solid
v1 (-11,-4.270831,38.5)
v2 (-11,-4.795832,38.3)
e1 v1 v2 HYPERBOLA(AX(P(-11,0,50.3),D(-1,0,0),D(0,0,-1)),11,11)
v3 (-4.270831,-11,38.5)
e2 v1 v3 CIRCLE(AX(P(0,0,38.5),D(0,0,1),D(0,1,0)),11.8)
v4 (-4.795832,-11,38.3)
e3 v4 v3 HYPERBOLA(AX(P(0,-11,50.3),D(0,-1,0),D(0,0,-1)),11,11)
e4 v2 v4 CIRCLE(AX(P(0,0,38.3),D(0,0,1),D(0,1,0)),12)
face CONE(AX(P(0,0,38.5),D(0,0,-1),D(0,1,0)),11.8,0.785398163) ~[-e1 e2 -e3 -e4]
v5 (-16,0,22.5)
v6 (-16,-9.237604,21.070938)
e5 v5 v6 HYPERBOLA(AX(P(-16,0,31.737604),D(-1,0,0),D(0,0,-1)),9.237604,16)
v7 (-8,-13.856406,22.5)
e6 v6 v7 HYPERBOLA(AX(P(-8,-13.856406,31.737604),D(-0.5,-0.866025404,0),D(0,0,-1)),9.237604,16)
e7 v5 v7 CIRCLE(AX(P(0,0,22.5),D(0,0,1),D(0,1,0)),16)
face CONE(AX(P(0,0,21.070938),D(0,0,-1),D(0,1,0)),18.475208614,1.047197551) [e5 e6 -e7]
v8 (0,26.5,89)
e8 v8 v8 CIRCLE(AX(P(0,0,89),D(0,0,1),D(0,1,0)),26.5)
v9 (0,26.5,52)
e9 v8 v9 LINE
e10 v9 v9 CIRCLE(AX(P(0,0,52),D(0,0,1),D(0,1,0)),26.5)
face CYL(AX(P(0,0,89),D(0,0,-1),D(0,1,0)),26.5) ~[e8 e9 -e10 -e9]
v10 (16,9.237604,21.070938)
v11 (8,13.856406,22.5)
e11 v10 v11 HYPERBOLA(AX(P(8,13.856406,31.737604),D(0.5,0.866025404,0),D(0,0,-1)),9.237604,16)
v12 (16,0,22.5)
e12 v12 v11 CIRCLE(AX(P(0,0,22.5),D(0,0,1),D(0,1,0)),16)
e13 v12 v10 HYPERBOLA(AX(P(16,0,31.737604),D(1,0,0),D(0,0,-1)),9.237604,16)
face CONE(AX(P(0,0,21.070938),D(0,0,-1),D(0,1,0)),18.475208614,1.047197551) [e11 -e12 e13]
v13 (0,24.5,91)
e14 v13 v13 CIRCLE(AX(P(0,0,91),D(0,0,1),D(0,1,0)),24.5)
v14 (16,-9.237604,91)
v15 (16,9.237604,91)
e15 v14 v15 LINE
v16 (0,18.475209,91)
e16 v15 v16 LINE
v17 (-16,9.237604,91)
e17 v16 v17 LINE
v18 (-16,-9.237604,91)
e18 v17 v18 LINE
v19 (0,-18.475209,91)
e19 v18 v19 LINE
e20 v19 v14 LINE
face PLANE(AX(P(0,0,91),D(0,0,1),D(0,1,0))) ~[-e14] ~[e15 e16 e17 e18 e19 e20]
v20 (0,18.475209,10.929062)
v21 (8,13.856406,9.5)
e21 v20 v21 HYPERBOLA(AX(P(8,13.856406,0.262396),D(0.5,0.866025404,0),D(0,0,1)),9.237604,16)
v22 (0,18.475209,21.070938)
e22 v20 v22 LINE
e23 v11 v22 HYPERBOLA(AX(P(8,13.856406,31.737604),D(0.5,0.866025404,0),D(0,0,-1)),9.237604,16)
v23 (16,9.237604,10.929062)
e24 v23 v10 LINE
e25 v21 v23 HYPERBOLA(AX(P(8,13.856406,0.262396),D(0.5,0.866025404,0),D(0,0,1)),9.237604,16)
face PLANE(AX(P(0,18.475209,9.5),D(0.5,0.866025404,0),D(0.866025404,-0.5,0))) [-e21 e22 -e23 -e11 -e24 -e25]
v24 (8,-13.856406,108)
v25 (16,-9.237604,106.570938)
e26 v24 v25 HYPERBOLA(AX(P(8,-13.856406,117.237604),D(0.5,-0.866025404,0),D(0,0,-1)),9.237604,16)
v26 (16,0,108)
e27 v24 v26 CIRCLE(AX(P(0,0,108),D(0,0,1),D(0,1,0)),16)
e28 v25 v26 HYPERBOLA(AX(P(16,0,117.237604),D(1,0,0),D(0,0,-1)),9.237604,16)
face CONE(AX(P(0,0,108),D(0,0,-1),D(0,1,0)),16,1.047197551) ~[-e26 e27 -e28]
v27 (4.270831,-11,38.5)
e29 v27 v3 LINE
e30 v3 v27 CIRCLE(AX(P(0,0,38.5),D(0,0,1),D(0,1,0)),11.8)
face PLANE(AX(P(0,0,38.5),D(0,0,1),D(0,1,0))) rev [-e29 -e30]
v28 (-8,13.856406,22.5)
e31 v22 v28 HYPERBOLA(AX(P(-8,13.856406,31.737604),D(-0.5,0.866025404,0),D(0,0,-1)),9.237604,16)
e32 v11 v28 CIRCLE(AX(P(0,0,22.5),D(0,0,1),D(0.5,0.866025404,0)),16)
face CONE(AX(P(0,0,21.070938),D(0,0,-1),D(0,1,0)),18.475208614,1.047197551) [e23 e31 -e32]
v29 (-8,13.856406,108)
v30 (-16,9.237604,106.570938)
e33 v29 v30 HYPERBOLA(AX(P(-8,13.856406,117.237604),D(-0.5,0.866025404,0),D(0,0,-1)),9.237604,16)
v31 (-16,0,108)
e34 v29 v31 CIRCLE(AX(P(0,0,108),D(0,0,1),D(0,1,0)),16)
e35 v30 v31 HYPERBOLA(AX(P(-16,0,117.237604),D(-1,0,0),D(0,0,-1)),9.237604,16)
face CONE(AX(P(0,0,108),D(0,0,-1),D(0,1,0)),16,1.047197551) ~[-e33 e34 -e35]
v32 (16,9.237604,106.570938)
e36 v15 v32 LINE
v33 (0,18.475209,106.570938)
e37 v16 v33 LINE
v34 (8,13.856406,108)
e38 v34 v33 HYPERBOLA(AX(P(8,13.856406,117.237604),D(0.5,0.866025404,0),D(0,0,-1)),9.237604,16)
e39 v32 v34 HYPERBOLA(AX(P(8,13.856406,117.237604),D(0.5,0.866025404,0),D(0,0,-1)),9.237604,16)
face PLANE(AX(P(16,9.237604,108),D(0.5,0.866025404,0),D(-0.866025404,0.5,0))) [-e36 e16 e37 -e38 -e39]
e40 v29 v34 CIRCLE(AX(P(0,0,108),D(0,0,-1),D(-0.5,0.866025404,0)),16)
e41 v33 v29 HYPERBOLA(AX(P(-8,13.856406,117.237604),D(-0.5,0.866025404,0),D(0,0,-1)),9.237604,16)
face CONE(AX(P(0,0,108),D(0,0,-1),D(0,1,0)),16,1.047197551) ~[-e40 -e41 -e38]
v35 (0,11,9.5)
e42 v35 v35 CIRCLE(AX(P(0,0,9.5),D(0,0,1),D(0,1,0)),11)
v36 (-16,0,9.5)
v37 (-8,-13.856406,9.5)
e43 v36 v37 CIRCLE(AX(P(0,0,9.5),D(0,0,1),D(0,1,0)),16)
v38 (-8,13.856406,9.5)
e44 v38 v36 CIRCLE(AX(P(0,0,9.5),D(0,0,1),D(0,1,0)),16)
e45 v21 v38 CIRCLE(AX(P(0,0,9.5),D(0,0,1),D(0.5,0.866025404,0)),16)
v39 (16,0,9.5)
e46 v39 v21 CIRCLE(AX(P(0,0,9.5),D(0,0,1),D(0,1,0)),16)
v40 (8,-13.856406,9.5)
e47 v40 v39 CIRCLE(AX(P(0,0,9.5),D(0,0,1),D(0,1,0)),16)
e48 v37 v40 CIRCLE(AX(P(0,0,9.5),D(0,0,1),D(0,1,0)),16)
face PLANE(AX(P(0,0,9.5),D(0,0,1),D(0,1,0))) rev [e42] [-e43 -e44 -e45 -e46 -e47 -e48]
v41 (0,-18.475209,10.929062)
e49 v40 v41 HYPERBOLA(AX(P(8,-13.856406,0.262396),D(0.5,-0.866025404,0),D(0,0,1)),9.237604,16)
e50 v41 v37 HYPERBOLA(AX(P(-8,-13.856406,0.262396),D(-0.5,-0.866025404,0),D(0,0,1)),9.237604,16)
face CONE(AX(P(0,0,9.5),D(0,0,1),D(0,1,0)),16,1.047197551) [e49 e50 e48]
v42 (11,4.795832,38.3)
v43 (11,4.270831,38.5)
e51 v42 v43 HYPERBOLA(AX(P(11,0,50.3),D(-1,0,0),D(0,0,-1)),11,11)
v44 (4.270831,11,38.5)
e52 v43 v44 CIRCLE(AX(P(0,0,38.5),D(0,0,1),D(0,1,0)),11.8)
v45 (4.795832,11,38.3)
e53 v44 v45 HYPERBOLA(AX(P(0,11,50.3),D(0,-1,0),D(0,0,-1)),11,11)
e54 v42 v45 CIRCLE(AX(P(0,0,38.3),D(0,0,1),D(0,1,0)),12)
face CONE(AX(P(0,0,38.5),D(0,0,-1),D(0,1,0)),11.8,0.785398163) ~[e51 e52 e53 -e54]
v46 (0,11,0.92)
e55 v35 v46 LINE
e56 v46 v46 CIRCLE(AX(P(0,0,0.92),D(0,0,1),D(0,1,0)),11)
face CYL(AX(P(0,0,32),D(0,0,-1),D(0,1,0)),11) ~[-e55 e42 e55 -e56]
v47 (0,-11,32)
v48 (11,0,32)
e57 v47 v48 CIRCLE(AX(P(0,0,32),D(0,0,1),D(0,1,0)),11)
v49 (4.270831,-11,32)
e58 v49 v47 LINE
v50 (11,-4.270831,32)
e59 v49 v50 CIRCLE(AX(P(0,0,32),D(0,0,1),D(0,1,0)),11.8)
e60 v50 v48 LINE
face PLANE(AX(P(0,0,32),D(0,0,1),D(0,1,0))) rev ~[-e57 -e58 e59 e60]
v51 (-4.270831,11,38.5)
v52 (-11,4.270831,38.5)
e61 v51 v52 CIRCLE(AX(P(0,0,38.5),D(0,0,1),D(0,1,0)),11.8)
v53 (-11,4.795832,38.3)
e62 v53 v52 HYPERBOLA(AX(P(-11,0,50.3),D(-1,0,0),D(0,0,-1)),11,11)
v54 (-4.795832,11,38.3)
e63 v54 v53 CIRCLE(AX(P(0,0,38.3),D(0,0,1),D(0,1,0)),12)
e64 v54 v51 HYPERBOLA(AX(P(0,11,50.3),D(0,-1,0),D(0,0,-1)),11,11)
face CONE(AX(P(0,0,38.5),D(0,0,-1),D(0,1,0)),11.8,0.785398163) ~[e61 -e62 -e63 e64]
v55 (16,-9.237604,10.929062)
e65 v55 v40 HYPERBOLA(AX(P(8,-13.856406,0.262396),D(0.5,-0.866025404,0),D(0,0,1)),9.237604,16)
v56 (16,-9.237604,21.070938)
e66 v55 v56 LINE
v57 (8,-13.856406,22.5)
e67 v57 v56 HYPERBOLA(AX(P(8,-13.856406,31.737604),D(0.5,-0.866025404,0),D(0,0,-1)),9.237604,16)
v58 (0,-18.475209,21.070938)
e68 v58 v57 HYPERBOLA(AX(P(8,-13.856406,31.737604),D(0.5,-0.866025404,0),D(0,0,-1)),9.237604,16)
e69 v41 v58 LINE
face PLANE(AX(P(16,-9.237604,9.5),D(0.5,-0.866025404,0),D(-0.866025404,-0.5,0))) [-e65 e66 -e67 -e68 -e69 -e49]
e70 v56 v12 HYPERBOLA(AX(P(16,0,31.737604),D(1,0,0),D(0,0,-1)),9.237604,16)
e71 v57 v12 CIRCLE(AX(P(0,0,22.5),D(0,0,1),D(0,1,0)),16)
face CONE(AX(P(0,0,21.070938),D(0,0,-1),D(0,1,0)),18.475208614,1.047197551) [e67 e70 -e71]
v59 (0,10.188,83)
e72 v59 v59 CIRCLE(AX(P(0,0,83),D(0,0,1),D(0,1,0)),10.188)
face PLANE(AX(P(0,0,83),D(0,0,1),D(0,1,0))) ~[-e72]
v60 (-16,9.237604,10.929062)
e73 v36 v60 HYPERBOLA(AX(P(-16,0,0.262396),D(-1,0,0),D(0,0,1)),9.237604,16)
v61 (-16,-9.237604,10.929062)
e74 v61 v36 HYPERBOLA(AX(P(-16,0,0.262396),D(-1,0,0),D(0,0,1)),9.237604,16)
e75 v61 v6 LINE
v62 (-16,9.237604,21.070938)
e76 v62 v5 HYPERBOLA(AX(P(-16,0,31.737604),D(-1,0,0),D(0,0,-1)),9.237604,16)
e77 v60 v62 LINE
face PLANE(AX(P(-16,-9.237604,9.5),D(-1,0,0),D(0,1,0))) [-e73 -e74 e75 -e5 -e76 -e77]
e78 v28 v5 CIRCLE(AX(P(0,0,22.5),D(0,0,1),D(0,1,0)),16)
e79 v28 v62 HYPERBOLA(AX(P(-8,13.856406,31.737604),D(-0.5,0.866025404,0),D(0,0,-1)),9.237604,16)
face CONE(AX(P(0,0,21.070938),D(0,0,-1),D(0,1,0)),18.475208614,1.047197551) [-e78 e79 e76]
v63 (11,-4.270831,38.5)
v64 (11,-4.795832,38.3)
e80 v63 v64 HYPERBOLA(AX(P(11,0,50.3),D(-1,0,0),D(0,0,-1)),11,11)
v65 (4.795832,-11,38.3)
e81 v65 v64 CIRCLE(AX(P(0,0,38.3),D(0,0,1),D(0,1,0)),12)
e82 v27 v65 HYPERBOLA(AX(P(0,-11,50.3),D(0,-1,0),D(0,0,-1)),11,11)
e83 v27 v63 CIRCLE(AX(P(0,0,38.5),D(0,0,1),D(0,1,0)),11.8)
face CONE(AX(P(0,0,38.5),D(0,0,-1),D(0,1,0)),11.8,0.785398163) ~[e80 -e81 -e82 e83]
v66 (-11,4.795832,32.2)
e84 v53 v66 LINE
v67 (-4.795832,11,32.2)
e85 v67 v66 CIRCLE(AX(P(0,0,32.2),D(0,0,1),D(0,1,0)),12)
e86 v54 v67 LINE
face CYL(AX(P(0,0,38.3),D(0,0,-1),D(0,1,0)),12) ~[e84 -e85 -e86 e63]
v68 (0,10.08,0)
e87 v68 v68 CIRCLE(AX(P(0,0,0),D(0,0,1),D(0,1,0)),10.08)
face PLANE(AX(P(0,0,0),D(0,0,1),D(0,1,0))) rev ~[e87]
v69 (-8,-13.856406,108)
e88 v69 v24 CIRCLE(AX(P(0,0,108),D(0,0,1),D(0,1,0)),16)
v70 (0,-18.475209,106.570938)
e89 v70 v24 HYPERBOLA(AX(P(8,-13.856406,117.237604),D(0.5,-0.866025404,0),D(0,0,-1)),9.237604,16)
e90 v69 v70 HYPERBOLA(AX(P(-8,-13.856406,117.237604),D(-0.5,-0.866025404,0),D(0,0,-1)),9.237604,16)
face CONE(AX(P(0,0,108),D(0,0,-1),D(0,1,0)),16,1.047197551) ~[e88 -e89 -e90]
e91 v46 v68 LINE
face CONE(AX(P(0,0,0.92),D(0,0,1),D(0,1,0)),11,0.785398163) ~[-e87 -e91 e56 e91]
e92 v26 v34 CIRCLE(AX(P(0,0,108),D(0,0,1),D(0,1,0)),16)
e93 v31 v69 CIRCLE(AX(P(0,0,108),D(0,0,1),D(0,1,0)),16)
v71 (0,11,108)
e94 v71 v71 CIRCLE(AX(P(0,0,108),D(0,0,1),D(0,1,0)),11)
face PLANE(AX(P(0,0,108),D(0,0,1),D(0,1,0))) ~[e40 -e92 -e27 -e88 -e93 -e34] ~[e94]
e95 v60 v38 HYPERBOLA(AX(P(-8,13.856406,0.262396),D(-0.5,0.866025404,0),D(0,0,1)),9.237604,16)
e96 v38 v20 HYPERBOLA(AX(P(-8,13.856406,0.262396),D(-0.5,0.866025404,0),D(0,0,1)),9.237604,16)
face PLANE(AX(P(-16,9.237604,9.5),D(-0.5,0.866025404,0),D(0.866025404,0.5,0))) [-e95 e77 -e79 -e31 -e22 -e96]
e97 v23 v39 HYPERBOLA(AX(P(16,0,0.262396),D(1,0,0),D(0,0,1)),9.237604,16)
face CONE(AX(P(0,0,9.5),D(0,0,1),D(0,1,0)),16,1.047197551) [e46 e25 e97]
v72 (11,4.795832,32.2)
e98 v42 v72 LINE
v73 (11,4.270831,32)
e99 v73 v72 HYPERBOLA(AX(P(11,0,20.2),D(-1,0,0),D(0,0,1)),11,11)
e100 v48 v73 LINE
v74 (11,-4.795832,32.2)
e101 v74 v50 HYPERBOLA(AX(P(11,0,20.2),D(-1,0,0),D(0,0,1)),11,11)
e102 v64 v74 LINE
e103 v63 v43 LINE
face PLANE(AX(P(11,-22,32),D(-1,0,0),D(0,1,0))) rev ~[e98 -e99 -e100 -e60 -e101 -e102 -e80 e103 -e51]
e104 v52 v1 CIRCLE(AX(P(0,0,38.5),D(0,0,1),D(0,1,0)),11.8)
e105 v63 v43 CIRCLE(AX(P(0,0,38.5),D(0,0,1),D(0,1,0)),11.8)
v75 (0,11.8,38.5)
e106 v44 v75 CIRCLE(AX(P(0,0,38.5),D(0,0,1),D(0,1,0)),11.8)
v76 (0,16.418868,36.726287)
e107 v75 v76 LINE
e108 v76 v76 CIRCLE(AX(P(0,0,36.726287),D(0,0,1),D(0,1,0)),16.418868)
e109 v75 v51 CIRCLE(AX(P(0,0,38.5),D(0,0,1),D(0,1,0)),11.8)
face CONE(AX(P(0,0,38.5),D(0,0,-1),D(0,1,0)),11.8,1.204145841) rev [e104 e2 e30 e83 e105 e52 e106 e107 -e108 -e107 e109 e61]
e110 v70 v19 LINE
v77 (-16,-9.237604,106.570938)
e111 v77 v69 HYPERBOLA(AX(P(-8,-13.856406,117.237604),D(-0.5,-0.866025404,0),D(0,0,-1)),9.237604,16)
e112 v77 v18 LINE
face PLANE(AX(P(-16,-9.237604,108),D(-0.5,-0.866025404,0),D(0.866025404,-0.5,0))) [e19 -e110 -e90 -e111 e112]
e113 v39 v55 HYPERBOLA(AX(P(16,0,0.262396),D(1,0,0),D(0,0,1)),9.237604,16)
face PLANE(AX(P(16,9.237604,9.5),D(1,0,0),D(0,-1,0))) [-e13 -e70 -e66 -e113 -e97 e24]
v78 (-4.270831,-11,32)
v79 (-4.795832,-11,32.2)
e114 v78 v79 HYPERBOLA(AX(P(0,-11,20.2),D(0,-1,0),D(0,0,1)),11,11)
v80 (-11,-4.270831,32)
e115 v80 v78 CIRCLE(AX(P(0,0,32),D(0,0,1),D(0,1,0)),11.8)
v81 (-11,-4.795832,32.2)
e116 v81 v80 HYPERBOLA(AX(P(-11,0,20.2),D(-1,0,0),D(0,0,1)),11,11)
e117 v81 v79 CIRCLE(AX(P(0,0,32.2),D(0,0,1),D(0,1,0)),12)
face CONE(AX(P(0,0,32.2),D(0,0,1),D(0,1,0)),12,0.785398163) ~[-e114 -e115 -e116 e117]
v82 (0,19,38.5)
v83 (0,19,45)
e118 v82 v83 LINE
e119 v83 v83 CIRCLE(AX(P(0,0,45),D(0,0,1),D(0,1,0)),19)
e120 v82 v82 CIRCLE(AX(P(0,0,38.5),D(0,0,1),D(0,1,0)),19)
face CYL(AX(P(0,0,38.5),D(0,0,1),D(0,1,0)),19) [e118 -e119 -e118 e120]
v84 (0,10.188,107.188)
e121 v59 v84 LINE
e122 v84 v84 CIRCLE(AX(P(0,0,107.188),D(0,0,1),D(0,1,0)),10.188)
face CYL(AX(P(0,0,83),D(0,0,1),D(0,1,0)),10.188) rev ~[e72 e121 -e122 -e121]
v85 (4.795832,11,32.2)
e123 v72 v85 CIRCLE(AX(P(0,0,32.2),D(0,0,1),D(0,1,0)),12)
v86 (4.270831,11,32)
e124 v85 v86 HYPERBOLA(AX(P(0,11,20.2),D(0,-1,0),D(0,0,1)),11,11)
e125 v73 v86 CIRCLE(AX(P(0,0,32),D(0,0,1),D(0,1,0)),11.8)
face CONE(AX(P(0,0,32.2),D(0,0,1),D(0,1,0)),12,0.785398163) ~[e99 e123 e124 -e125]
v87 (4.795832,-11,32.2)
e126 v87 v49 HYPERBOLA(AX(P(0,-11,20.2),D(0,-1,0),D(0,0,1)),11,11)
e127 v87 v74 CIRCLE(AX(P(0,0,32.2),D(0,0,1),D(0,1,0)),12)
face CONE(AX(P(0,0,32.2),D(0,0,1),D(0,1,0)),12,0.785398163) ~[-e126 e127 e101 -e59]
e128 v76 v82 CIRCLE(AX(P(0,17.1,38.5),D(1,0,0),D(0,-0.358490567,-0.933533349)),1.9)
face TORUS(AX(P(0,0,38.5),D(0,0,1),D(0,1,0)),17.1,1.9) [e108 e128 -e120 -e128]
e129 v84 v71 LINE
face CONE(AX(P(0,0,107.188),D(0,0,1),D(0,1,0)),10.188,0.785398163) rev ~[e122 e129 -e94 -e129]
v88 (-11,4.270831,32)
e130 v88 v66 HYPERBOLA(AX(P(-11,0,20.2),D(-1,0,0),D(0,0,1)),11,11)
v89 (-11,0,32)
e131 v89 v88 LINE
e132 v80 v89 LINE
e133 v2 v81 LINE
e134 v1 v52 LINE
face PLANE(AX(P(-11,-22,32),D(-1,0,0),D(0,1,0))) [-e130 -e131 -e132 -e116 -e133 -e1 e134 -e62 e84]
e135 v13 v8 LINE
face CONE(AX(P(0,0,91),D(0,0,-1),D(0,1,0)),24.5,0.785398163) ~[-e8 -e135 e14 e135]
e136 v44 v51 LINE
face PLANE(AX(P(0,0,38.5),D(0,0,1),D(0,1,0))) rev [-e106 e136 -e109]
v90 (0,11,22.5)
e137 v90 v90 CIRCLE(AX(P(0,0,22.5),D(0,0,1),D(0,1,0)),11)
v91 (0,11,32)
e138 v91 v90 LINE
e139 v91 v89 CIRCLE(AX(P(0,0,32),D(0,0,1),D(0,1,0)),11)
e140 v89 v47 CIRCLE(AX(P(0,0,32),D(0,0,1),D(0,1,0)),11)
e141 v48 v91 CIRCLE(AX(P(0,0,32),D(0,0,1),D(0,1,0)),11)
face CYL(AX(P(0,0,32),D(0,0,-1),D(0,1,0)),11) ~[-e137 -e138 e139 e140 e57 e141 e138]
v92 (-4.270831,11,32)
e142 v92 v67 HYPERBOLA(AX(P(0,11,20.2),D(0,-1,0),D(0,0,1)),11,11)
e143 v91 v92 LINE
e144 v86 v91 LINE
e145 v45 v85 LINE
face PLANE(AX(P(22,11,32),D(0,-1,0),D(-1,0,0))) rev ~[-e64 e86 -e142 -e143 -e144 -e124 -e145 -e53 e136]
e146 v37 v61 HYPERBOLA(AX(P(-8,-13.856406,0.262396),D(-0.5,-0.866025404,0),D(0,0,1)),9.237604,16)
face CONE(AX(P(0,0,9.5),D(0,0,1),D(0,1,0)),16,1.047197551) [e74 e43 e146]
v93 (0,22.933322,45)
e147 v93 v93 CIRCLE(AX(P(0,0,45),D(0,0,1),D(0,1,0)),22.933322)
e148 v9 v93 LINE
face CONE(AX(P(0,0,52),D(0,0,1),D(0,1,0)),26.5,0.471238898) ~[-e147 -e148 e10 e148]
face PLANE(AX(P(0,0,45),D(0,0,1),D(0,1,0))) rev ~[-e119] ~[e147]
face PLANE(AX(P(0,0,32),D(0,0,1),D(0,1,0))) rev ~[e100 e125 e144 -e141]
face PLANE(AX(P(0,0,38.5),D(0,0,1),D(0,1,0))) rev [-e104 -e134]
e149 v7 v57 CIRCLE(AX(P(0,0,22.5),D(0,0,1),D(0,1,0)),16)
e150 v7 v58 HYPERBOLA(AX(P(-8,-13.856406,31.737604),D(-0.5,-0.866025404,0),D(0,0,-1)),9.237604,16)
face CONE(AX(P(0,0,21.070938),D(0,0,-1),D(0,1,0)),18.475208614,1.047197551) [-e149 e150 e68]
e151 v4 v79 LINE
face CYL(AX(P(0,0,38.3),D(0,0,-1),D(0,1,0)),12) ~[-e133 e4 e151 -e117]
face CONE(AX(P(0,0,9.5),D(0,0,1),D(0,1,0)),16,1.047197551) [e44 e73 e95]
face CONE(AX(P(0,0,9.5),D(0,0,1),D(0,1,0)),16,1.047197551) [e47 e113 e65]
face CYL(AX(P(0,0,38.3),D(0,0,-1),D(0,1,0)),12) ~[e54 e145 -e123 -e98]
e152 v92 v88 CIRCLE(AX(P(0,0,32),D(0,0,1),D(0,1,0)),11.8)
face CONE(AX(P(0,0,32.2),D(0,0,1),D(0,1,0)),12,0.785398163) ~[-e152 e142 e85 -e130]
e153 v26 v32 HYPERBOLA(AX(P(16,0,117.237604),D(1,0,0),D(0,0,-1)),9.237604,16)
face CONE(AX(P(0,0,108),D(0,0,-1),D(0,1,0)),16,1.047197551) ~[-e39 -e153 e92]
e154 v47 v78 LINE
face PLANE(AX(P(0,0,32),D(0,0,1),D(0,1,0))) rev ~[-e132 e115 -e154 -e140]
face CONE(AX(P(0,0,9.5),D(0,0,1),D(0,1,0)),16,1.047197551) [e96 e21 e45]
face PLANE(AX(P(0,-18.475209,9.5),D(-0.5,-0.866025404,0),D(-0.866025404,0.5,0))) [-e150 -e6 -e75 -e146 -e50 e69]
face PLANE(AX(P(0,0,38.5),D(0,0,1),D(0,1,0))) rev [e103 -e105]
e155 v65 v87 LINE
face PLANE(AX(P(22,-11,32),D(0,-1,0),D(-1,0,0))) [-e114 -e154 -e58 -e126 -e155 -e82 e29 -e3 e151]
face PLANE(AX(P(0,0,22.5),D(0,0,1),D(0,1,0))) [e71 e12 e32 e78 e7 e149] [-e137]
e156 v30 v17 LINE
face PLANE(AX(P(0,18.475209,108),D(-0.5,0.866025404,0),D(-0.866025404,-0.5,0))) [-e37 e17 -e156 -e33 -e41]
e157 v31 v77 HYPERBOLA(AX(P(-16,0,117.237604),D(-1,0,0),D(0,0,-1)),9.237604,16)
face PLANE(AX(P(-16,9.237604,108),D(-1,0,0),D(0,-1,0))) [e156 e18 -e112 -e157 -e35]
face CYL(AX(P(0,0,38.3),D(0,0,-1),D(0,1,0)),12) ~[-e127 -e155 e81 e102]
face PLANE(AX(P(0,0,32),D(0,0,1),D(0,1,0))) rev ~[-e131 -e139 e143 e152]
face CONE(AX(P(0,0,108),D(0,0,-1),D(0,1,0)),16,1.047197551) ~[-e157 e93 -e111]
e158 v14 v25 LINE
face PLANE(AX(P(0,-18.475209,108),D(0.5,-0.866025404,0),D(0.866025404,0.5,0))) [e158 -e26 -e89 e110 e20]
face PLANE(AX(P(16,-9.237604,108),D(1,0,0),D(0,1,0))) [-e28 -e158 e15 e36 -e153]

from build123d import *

# Parameters (mm, degrees)
SKETCH_2_R          = 33
SKETCH_2_W          = 44
SKETCH_2_H          = 22
CUT_EXTRUDE_1_DEPTH = 6.5
SKETCH_3_R          = 33
SKETCH_3_W          = 22
SKETCH_3_H          = 44
CUT_EXTRUDE_2_DEPTH = 6.5
SKETCH_5_R          = 32
CUT_EXTRUDE_3_DEPTH = 17
SKETCH_7_R          = 32
CUT_EXTRUDE_4_DEPTH = 13


with BuildPart() as part:
    # 草图1 → 旋转1 (revolve)
    with BuildSketch(Plane(origin=(0, 0, 0), x_dir=(0, 0, -1), z_dir=(1, 0, 0))):
        Polygon((-83, 0), (-83, 10.188), (-107.188, 10.188), (-108, 11), (-108, 16), (-106.57093764, 18.475208614), (-91.6, 18.475208614), (-91, 19.075208614), (-91, 24.5), (-89, 26.5), (-52, 26.5), (-45, 22.933321854), (-45, 10.5), (-38.5, 10.5), (-38.5, 11.8), (-38.3, 12), (-32.2, 12), (-32, 11.8), (-32, 11), (-0.92, 11), (0, 10.08), (0, 0), align=None)
    revolve(axis=Axis((0, 0, 0), (0, 0, 1)))

    # 草图2 → 切除-拉伸1 (cut)
    with BuildSketch(Plane(origin=(0, 0, 32), x_dir=(-1, 0, 0), z_dir=(0, 0, -1))):
        Circle(SKETCH_2_R)
        Rectangle(SKETCH_2_W, SKETCH_2_H, mode=Mode.SUBTRACT)
    extrude(amount=-CUT_EXTRUDE_1_DEPTH, mode=Mode.SUBTRACT)

    # 草图3 → 切除-拉伸2 (cut)
    with BuildSketch(Plane(origin=(0, 0, 32), x_dir=(-1, 0, 0), z_dir=(0, 0, -1))):
        Circle(SKETCH_3_R)
        Rectangle(SKETCH_3_W, SKETCH_3_H, mode=Mode.SUBTRACT)
    extrude(amount=-CUT_EXTRUDE_2_DEPTH, mode=Mode.SUBTRACT)

    # 草图4 → 旋转2 (revolve)
    with BuildSketch(Plane(origin=(0, 0, 0), x_dir=(0, 0, -1), z_dir=(1, 0, 0))):
        with BuildLine():
            Line((-45, 19), (-45, 10.5))
            Line((-45, 10.5), (-38.5, 10.5))
            Line((-38.5, 10.5), (-38.5, 11.8))
            Line((-38.5, 11.8), (-36.726286637, 16.418867925))
            ThreePointArc((-36.726286637, 16.418867925), (-36.934089571, 18.176069017), (-38.5, 19))
            Line((-38.5, 19), (-45, 19))
        make_face()
    revolve(axis=Axis((0, 0, -50), (0, 0, 1)))

    # 草图5 → 切除-拉伸3 (cut)
    with BuildSketch(Plane.XY.offset(108)):
        Circle(SKETCH_5_R)
        Polygon((0, -18.475208614), (16, -9.237604307), (16, 9.237604307), (0, 18.475208614), (-16, 9.237604307), (-16, -9.237604307), align=None, mode=Mode.SUBTRACT)
    extrude(amount=-CUT_EXTRUDE_3_DEPTH, mode=Mode.SUBTRACT)

    # 草图6 → 旋转3 (revolve)
    with BuildSketch(Plane(origin=(0, 0, 0), x_dir=(0, 0, -1), z_dir=(1, 0, 0))):
        Polygon((-22.5, 16), (-22.5, 11), (-21.688, 10.188), (-10.312, 10.188), (-9.5, 11), (-9.5, 16), (-10.92906236, 18.475208614), (-21.07093764, 18.475208614), align=None)
    revolve(axis=Axis((0, 0, 9.5), (0, 0, 1)))

    # 草图7 → 切除-拉伸4 (cut)
    with BuildSketch(Plane(origin=(0, 0, 9.5), x_dir=(-1, 0, 0), z_dir=(0, 0, -1))):
        Circle(SKETCH_7_R)
        Polygon((0, -18.475208614), (16, -9.237604307), (16, 9.237604307), (0, 18.475208614), (-16, 9.237604307), (-16, -9.237604307), align=None, mode=Mode.SUBTRACT)
    extrude(amount=-CUT_EXTRUDE_4_DEPTH, mode=Mode.SUBTRACT)


solid = part.part
